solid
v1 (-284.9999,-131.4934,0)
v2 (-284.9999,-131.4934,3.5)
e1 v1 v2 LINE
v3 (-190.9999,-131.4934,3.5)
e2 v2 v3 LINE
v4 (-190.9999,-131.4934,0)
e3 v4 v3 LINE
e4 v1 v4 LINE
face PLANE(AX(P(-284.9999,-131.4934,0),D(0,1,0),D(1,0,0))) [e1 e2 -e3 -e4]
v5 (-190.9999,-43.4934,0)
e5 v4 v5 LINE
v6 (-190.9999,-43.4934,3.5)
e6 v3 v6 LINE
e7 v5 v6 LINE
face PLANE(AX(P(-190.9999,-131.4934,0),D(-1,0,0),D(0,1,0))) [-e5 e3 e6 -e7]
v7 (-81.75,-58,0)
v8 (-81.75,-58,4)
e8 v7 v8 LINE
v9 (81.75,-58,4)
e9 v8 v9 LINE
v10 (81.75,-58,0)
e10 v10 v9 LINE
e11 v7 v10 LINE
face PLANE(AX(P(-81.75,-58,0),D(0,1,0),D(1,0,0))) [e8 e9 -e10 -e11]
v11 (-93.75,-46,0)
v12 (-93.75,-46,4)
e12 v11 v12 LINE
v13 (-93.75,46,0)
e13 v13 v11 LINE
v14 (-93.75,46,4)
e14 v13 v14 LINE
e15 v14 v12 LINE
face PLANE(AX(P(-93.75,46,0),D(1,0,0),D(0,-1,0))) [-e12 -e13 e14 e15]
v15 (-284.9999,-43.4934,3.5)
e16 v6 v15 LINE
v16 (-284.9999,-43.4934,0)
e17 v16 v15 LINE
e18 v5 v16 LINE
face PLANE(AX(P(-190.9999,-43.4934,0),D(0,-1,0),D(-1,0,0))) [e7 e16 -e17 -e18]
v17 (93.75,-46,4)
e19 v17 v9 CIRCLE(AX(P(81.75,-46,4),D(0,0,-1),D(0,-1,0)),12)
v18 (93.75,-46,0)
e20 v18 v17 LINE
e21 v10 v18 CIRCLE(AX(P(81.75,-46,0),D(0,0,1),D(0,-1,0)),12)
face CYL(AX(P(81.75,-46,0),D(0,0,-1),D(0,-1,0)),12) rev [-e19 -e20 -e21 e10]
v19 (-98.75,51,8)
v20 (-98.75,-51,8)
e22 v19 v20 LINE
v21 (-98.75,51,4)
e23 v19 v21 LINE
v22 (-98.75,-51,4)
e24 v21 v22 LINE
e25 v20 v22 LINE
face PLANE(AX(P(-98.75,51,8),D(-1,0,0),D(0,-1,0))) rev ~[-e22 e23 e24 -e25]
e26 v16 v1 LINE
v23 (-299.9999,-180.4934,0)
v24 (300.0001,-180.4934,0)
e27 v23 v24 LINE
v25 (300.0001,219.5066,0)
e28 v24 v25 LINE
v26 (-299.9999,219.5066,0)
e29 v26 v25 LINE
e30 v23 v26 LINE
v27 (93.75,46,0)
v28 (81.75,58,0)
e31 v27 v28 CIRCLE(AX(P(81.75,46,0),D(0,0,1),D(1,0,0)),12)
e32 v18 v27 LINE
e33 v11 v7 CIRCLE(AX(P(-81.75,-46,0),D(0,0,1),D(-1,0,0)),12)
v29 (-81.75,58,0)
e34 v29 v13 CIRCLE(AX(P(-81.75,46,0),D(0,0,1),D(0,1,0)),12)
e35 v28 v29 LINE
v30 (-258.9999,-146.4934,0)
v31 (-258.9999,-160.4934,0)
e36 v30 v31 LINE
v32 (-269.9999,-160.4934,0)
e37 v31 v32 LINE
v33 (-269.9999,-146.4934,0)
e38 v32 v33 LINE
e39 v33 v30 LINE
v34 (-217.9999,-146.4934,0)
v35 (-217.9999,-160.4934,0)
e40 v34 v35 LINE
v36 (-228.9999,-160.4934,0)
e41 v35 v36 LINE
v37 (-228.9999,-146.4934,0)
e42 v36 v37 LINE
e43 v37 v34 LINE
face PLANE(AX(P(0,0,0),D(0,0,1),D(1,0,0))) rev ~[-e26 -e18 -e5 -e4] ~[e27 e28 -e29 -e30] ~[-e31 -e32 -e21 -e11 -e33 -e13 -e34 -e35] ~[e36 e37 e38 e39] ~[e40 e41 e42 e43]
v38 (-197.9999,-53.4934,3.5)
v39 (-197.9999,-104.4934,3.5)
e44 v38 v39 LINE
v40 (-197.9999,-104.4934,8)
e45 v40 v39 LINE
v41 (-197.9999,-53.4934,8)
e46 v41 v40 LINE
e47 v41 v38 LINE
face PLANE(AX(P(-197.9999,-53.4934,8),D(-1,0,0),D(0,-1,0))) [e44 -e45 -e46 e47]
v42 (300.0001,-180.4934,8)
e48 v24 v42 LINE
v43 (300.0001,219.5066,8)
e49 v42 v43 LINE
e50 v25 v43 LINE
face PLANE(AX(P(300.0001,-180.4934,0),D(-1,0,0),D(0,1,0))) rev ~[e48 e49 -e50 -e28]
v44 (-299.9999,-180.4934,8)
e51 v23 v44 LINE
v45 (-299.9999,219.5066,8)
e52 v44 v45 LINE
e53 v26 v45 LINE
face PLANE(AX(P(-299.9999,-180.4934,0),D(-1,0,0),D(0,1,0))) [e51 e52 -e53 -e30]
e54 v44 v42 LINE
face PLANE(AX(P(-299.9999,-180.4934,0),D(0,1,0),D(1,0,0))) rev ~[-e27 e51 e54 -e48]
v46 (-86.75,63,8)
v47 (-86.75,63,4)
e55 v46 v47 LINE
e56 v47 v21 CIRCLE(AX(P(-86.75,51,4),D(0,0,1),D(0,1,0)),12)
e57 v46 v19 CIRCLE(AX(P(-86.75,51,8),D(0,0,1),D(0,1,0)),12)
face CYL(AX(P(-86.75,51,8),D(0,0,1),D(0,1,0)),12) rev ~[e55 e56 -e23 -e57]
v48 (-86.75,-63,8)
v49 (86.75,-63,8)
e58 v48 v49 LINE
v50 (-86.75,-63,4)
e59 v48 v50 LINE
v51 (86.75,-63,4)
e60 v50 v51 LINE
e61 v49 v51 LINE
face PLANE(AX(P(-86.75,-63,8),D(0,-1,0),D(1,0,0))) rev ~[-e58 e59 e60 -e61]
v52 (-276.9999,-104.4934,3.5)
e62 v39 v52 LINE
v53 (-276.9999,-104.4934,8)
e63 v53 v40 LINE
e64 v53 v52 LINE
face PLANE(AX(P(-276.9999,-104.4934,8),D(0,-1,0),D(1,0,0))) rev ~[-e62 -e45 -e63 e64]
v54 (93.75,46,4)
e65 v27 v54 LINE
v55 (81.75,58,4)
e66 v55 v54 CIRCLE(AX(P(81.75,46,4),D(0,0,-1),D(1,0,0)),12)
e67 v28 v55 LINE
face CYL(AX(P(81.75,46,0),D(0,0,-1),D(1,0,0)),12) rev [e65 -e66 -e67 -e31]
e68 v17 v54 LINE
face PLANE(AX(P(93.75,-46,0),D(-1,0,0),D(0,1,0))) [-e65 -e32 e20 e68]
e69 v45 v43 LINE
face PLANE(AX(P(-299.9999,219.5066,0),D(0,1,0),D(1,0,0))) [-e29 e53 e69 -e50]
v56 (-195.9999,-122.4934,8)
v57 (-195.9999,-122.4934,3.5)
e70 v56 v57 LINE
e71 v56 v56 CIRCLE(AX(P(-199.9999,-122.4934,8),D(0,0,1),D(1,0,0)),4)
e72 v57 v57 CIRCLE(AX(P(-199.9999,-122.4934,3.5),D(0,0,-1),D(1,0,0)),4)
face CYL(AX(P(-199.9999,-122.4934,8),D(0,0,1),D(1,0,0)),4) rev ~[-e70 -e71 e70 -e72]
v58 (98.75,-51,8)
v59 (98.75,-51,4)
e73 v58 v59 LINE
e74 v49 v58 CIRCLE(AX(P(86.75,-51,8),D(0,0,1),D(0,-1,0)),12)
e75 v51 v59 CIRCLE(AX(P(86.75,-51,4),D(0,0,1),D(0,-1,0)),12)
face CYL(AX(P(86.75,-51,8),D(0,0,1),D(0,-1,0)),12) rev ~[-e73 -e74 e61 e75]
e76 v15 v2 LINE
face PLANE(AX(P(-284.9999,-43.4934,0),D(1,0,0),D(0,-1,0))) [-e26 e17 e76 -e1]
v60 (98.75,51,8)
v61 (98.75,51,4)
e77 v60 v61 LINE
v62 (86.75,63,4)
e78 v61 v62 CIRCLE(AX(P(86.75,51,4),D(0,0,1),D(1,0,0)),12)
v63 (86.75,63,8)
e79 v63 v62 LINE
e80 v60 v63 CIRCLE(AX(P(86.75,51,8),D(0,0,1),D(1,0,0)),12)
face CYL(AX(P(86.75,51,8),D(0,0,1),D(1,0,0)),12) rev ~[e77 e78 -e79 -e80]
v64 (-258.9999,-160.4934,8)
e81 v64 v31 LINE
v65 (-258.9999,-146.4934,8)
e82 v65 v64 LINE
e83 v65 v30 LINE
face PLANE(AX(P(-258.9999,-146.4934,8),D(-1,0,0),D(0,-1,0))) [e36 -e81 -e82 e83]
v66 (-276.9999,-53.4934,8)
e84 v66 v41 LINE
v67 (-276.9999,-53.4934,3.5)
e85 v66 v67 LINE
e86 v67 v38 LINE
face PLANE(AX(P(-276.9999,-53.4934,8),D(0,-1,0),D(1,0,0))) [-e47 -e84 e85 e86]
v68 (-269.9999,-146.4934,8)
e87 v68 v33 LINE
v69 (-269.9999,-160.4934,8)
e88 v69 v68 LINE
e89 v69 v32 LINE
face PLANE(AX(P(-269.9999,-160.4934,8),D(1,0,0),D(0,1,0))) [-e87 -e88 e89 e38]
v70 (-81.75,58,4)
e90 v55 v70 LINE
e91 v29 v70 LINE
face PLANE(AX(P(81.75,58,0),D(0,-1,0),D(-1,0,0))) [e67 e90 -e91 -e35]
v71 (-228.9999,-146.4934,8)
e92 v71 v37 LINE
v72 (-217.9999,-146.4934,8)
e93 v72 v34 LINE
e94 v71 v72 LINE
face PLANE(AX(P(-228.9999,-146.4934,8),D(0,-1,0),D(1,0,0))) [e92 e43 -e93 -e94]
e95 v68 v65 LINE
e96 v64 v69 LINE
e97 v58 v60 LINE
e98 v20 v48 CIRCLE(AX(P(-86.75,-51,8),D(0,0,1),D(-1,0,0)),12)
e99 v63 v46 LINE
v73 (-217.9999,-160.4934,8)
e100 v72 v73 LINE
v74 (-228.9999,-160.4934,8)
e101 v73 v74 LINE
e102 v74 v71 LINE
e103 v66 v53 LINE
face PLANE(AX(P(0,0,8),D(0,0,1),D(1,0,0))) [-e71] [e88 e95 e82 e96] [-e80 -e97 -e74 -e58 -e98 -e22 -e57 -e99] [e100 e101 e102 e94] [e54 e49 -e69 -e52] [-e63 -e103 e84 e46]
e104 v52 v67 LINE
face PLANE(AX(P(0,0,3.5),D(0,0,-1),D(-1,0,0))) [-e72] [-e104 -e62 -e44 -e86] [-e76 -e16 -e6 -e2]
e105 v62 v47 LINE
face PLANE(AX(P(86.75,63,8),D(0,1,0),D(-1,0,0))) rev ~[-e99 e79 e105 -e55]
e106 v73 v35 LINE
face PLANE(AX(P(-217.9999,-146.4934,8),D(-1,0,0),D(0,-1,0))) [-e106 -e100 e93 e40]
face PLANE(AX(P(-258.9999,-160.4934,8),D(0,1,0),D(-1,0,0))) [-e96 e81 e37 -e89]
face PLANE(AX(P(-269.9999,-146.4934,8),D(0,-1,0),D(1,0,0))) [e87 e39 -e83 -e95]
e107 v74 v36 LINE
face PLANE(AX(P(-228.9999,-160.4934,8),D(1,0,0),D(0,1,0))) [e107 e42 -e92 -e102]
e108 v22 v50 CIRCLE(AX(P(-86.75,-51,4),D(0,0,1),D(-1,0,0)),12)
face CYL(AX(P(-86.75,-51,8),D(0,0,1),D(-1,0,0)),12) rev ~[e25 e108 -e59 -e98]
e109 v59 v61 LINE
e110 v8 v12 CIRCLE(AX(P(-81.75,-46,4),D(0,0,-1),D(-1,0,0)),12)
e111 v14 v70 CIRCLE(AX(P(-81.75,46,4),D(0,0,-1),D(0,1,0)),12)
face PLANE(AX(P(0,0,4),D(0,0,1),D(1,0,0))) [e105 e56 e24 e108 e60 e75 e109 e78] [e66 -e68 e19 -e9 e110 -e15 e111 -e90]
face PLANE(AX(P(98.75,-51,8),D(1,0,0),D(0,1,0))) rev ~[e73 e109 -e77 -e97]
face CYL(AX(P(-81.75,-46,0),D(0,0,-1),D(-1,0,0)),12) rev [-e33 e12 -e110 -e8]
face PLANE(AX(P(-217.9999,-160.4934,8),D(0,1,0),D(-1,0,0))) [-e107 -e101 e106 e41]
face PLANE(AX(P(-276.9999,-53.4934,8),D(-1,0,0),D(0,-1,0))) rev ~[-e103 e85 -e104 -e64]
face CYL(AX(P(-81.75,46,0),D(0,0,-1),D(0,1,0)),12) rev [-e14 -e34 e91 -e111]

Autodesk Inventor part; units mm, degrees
ref_plane "YZ Plane" through (0, 0, 0) normal (1, 0, 0) x (0, 1, 0)
ref_plane "XZ Plane" through (0, 0, 0) normal (0, 1, 0) x (-1, 0, 0)
ref_plane "XY Plane" through (0, 0, 0) normal (0, 0, 1) x (1, 0, 0)
sketch "Sketch2" plane through (0, 0, 0) normal (0, 0, 1) x (1, 0, 0)
  line L0 (-299.9999, -180.4934) -> (300.0001, -180.4934) projected
  line L1 (300.0001, -180.4934) -> (300.0001, 219.5066) projected
  line L2 (-299.9999, 219.5066) -> (300.0001, 219.5066) projected
  line L3 (-299.9999, -180.4934) -> (-299.9999, 219.5066) projected
  line L4 (-93.75, 46) -> (-93.75, -46) projected
  arc A0 (-93.75, -46) -> (-81.75, -58) centre (-81.75, -46) ccw projected
  line L5 (-81.75, -58) -> (81.75, -58) projected
  arc A1 (81.75, -58) -> (93.75, -46) centre (81.75, -46) ccw projected
  line L6 (93.75, -46) -> (93.75, 46) projected
  arc A2 (93.75, 46) -> (81.75, 58) centre (81.75, 46) ccw projected
  line L7 (81.75, 58) -> (-81.75, 58) projected
  arc A3 (-81.75, 58) -> (-93.75, 46) centre (-81.75, 46) ccw projected
  point P0 (0, 0)
extrude "Extrusion1" add sketch "Sketch2" along normal blind 8
sketch "Sketch3" plane through (0, 0, 8) normal (0, 0, 1) x (1, 0, 0)
  arc A0 (86.75, -63) -> (98.75, -51) centre (86.75, -51) ccw projected
  line L0 (-86.75, -63) -> (86.75, -63) projected
  arc A1 (-98.75, -51) -> (-86.75, -63) centre (-86.75, -51) ccw projected
  line L1 (-98.75, 51) -> (-98.75, -51) projected
  arc A2 (-86.75, 63) -> (-98.75, 51) centre (-86.75, 51) ccw projected
  line L2 (86.75, 63) -> (-86.75, 63) projected
  arc A3 (98.75, 51) -> (86.75, 63) centre (86.75, 51) ccw projected
  line L3 (98.75, -51) -> (98.75, 51) projected
  point P0 (0, 0)
extrude "Extrusion2" cut sketch "Sketch3" against normal blind 4
sketch "Sketch4" plane through (0, 0, 8) normal (0, 0, 1) x (1, 0, 0)
  line L0 (-269.9999, -146.4934) -> (-258.9999, -146.4934)
  line L1 (-258.9999, -146.4934) -> (-258.9999, -160.4934)
  line L2 (-258.9999, -160.4934) -> (-269.9999, -160.4934)
  line L3 (-269.9999, -160.4934) -> (-269.9999, -146.4934)
  line L4 (-228.9999, -146.4934) -> (-217.9999, -146.4934)
  line L5 (-217.9999, -146.4934) -> (-217.9999, -160.4934)
  line L6 (-217.9999, -160.4934) -> (-228.9999, -160.4934)
  line L7 (-228.9999, -160.4934) -> (-228.9999, -146.4934)
  line L8 (-299.9999, 219.5066) -> (-299.9999, -180.4934) projected
  line L9 (-299.9999, -180.4934) -> (300.0001, -180.4934) projected
  line L10 (-299.9999, -131.4934) -> (-6.35, -131.4934) construction
  line L11 (-284.9999, -131.4934) -> (-284.9999, 24.5066) construction
  line L12 (-284.9999, -104.4934) -> (-276.9999, -104.4934) construction
  line L13 (-284.9999, -53.4934) -> (-276.9999, -53.4934) construction
  line L14 (-276.9999, 23.0066) -> (-276.9999, -53.4934) construction
  line L15 (-190.9999, -131.4934) -> (-190.9999, 19.5066) construction
  line L16 (-197.9999, 19.5066) -> (-197.9999, -53.4934) construction
  circle A0 centre (-199.9999, -122.4934) radius 4
  line L17 (-276.9999, -104.4934) -> (-197.9999, -104.4934)
  line L18 (-197.9999, -104.4934) -> (-6.35, -104.4934) construction
  line L19 (-197.9999, -53.4934) -> (-197.9999, -104.4934)
  line L20 (-197.9999, -53.4934) -> (-6.35, -53.4934) construction
  line L21 (-276.9999, -53.4934) -> (-197.9999, -53.4934)
  line L22 (-276.9999, -53.4934) -> (-276.9999, -104.4934)
  line L23 (-276.9999, -104.4934) -> (-276.9999, -131.4934) construction
  point P0 (0, 0)
  dimension "d4" = 30
  dimension "d5" = 20
  dimension "d6" = 14
  dimension "d7" = 11
  dimension "d8" = 30
  dimension "d9" = 11
  dimension "d10" = 15
  dimension "d11" = 15
  dimension "d12" = 27
  dimension "d13" = 51
  dimension "d14" = 8
  dimension "d15" = 94
  dimension "d16" = 79
  dimension "d17" = 8
  dimension "d19" = 85
  dimension "d20" = 9
extrude "Extrusion3" cut sketch "Sketch4" against normal through all
sketch "Sketch5" plane through (0, 0, 8) normal (0, 0, 1) x (1, 0, 0)
  line L0 (-284.9999, -43.4934) -> (-190.9999, -43.4934)
  line L1 (-190.9999, -43.4934) -> (-190.9999, -131.4934)
  line L2 (-190.9999, -131.4934) -> (-284.9999, -131.4934)
  line L3 (-284.9999, -131.4934) -> (-284.9999, -43.4934)
  line L4 (-276.9999, -104.4934) -> (-276.9999, -53.4934) projected
  line L5 (-276.9999, -53.4934) -> (-197.9999, -53.4934) projected
  line L6 (-217.9999, -160.4934) -> (-217.9999, -146.4934) projected
  line L7 (-217.9999, -146.4934) -> (-228.9999, -146.4934) projected
  line L8 (-228.9999, -146.4934) -> (-228.9999, -160.4934) projected
  line L9 (-228.9999, -160.4934) -> (-217.9999, -160.4934) projected
  circle A0 centre (-199.9999, -122.4934) radius 4 projected
  line L10 (-258.9999, -160.4934) -> (-258.9999, -146.4934) projected
  line L11 (-258.9999, -146.4934) -> (-269.9999, -146.4934) projected
  line L12 (-269.9999, -146.4934) -> (-269.9999, -160.4934) projected
  line L13 (-269.9999, -160.4934) -> (-258.9999, -160.4934) projected
  line L14 (-276.9999, -104.4934) -> (-197.9999, -104.4934) projected
  line L15 (-197.9999, -104.4934) -> (-197.9999, -53.4934) projected
  line L16 (98.75, -51) -> (98.75, 51) projected
  arc A1 (98.75, 51) -> (86.75, 63) centre (86.75, 51) ccw projected
  line L17 (86.75, 63) -> (-86.75, 63) projected
  arc A2 (-86.75, 63) -> (-98.75, 51) centre (-86.75, 51) ccw projected
  line L18 (-98.75, 51) -> (-98.75, -51) projected
  arc A3 (-98.75, -51) -> (-86.75, -63) centre (-86.75, -51) ccw projected
  line L19 (-86.75, -63) -> (86.75, -63) projected
  arc A4 (86.75, -63) -> (98.75, -51) centre (86.75, -51) ccw projected
  line L20 (-299.9999, -180.4934) -> (-299.9999, 219.5066) projected
  line L21 (-299.9999, 219.5066) -> (300.0001, 219.5066) projected
  line L22 (300.0001, 219.5066) -> (300.0001, -180.4934) projected
  line L23 (300.0001, -180.4934) -> (-299.9999, -180.4934) projected
  line L24 (-276.9999, -53.4934) -> (-276.9999, -104.4934) projected
  line L25 (-197.9999, -53.4934) -> (-276.9999, -53.4934) projected
  point P0 (0, 0)
  dimension "d23" = 88
  dimension "d24" = 94
  dimension "d25" = 8
  dimension "d26" = 10
sketch "Sketch6" plane through (0, 0, 0) normal (0, 0, -1) x (-1, 0, 0)
  line L0 (217.9999, -146.4934) -> (217.9999, -160.4934) projected
  line L1 (217.9999, -160.4934) -> (228.9999, -160.4934) projected
  line L2 (228.9999, -160.4934) -> (228.9999, -146.4934) projected
  line L3 (228.9999, -146.4934) -> (217.9999, -146.4934) projected
  circle A0 centre (199.9999, -122.4934) radius 4 projected
  line L4 (258.9999, -146.4934) -> (258.9999, -160.4934) projected
  line L5 (258.9999, -160.4934) -> (269.9999, -160.4934) projected
  line L6 (269.9999, -160.4934) -> (269.9999, -146.4934) projected
  line L7 (269.9999, -146.4934) -> (258.9999, -146.4934) projected
  line L8 (276.9999, -104.4934) -> (276.9999, -53.4934) projected
  line L9 (276.9999, -53.4934) -> (197.9999, -53.4934) projected
  line L10 (197.9999, -53.4934) -> (197.9999, -104.4934) projected
  line L11 (197.9999, -104.4934) -> (276.9999, -104.4934) projected
  arc A1 (-93.75, -46) -> (-81.75, -58) centre (-81.75, -46) ccw projected
  line L12 (-81.75, -58) -> (81.75, -58) projected
  arc A2 (81.75, -58) -> (93.75, -46) centre (81.75, -46) ccw projected
  line L13 (93.75, -46) -> (93.75, 46) projected
  arc A3 (93.75, 46) -> (81.75, 58) centre (81.75, 46) ccw projected
  line L14 (81.75, 58) -> (-81.75, 58) projected
  arc A4 (-81.75, 58) -> (-93.75, 46) centre (-81.75, 46) ccw projected
  line L15 (-93.75, 46) -> (-93.75, -46) projected
  line L16 (299.9999, 219.5066) -> (299.9999, -180.4934) projected
  line L17 (299.9999, -180.4934) -> (-300.0001, -180.4934) projected
  line L18 (-300.0001, -180.4934) -> (-300.0001, 219.5066) projected
  line L19 (-300.0001, 219.5066) -> (299.9999, 219.5066) projected
  line L20 (190.9999, -43.4934) -> (284.9999, -43.4934)
  line L21 (284.9999, -43.4934) -> (284.9999, -131.4934)
  line L22 (284.9999, -131.4934) -> (190.9999, -131.4934)
  line L23 (190.9999, -131.4934) -> (190.9999, -43.4934)
  point P0 (0, 0)
  dimension "d27" = 94
  dimension "d28" = 88
  dimension "d29" = 8
  dimension "d30" = 10
extrude "Extrusion4" cut sketch "Sketch6" against normal blind 3.5 contours L20 L21 L22 L23
equation "\"d9\" = d7"
properties part number "capac cu gaura" material "Wood (Cherry)"
